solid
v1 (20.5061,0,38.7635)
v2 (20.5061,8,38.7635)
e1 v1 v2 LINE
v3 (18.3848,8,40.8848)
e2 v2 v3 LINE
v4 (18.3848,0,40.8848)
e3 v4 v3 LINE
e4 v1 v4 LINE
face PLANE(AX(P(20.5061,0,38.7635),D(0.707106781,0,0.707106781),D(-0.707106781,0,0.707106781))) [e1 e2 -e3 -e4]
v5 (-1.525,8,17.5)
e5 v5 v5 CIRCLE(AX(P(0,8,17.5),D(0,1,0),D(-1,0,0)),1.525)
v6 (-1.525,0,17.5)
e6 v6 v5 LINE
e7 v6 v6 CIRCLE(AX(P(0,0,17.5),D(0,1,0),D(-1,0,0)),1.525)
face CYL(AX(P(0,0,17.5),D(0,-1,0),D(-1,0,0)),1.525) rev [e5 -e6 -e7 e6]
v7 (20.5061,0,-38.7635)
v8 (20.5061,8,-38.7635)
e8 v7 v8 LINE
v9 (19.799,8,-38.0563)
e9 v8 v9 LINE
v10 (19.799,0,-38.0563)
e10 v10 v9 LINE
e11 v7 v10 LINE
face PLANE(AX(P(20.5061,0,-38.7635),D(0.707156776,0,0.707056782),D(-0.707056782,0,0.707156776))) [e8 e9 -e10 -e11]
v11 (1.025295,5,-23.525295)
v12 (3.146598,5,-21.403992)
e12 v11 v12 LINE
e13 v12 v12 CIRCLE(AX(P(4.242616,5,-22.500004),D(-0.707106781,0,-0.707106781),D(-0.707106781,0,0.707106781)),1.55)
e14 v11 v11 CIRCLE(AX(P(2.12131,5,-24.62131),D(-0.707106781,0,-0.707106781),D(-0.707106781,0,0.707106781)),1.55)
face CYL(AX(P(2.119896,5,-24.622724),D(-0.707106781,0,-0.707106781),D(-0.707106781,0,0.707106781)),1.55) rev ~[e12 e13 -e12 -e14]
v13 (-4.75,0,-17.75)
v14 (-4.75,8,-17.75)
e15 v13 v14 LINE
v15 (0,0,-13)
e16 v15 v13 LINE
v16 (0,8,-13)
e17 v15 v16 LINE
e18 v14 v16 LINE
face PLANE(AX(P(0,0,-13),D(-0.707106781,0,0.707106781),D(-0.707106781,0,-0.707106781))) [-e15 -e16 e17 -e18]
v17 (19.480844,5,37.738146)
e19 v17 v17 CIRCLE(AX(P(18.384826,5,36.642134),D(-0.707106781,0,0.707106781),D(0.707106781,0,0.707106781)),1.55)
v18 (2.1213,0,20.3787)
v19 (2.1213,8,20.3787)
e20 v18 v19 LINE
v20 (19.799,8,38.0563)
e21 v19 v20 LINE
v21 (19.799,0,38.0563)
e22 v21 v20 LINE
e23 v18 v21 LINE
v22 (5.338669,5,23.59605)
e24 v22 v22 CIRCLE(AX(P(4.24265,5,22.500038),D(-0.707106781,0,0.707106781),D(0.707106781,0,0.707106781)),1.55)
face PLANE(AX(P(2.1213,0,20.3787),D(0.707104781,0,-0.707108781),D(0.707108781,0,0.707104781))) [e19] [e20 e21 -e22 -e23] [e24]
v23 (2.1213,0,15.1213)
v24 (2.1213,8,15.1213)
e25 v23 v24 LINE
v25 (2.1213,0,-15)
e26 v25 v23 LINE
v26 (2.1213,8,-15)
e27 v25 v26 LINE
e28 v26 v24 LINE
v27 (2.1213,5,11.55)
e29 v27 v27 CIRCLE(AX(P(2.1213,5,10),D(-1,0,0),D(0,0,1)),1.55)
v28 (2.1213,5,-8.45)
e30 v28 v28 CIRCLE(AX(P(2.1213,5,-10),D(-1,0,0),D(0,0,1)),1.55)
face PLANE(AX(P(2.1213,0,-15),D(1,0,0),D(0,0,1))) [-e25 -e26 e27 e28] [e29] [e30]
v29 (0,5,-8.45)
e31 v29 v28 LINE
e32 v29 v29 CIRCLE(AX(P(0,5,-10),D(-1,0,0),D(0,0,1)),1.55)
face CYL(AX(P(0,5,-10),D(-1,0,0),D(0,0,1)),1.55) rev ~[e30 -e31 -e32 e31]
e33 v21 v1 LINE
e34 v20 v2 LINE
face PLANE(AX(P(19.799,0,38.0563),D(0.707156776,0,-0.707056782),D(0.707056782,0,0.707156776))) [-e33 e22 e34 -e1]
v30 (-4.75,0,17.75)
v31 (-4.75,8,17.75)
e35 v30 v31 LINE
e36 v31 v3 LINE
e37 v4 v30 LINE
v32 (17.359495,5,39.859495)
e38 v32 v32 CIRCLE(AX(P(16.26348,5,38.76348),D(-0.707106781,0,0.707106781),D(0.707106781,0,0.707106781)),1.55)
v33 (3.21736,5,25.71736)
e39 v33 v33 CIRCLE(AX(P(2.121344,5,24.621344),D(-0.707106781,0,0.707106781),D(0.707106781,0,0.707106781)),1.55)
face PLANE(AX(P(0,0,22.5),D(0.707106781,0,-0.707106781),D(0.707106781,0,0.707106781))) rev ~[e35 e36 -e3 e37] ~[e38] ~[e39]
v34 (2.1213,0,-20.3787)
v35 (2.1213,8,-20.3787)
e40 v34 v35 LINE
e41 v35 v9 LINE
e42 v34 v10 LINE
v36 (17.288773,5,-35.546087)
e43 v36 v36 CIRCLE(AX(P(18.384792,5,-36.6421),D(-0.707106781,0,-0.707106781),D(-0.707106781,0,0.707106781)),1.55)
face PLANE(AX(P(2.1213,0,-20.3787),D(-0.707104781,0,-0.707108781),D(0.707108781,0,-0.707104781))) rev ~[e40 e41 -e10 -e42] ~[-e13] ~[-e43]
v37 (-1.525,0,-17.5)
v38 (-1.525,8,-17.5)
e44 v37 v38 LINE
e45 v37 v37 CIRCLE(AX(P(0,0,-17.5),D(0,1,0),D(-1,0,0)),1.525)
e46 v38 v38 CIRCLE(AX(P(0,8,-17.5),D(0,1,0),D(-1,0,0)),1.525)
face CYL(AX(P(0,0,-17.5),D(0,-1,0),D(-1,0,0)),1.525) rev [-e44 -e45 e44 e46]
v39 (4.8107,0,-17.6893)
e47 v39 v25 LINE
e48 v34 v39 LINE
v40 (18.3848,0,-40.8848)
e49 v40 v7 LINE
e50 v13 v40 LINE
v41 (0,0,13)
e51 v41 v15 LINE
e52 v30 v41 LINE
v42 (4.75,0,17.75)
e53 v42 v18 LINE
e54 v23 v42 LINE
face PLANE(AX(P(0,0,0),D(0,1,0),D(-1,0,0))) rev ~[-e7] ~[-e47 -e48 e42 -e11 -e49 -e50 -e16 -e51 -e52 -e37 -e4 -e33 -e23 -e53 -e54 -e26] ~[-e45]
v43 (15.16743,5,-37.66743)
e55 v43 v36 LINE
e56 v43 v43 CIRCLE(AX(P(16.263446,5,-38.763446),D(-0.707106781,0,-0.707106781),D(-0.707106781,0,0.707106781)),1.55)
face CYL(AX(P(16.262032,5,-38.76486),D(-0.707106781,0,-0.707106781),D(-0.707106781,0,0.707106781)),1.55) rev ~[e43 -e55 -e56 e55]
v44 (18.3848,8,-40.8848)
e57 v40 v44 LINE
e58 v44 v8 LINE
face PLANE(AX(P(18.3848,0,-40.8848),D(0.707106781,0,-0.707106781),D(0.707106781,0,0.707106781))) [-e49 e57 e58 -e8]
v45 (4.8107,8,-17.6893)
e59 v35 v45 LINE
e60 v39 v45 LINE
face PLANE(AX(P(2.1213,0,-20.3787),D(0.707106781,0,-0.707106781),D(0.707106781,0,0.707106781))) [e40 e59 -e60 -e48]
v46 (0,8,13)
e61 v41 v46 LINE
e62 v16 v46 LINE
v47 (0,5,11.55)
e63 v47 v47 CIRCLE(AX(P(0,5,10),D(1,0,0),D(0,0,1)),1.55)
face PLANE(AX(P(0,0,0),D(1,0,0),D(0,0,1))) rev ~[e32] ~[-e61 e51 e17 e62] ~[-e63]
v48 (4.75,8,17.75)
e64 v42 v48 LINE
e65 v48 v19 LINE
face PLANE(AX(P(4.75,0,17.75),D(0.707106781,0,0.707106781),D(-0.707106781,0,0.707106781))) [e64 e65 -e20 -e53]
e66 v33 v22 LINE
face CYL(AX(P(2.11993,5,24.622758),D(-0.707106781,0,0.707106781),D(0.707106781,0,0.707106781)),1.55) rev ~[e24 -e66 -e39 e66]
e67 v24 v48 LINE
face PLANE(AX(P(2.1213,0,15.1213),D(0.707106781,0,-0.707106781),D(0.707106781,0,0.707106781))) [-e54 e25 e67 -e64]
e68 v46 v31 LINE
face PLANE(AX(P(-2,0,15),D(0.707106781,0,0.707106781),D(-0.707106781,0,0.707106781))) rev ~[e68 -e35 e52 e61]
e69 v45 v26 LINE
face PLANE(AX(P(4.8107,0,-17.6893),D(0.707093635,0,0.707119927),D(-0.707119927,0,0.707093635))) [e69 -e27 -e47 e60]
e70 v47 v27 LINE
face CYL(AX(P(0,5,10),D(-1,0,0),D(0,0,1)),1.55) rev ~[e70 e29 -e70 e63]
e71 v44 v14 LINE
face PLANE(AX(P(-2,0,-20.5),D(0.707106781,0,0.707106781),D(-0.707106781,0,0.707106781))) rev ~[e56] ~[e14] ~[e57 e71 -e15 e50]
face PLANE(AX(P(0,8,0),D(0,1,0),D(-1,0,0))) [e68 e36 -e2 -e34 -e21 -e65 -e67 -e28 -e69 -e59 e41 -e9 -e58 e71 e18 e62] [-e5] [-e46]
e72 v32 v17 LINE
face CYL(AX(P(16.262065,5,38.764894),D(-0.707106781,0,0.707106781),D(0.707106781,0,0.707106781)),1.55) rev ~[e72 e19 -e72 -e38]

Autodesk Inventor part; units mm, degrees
ref_plane "YZ Plane" through (0, 0, 0) normal (1, 0, 0) x (0, 1, 0)
ref_plane "XZ Plane" through (0, 0, 0) normal (0, 1, 0) x (-1, 0, 0)
ref_plane "XY Plane" through (0, 0, 0) normal (0, 0, 1) x (1, 0, 0)
sketch "Sketch1" plane through (0, 0, 0) normal (0, 1, 0) x (-1, 0, 0)
  line L0 (0, 22.5) -> (-17.6777, 40.1777)
  line L1 (0, -22.5) -> (-17.6777, -40.1777)
  line L2 (0, 0) -> (0, 13)
  line L3 (0, 13) -> (0, -13)
  line L4 (-17.6777, 40.1777) -> (-19.799, 38.0563)
  line L5 (0, 22.5) -> (-2.1213, 20.3787)
  line L6 (-2.1213, 20.3787) -> (-19.799, 38.0563)
  line L7 (-2.1213, -20.3787) -> (-19.799, -38.0563)
  line L8 (-19.799, -38.0563) -> (-17.6777, -40.1777)
  line L9 (-2.1213, -20.3787) -> (0, -22.5)
  circle A0 centre (0, -17.5) radius 1.525
  circle A1 centre (0, 17.5) radius 1.525
  line L10 (0, -22.5) -> (2, -20.5)
  line L11 (0, -13) -> (2, -15)
  line L12 (0, 22.5) -> (2, 20.5)
  line L13 (0, 13) -> (2, 15)
  line L14 (0, -22.5) -> (-18.3848, -40.8848)
  line L15 (-18.3848, -40.8848) -> (-20.5061, -38.7635)
  line L16 (-20.5061, -38.7635) -> (-19.799, -38.0563)
  line L17 (-19.799, 38.0563) -> (-20.5061, 38.7635)
  line L18 (-20.5061, 38.7635) -> (-18.3848, 40.8848)
  line L19 (-18.3848, 40.8848) -> (-17.6777, 40.1777)
  line L20 (0, -13) -> (-2.1213, -15)
  line L21 (-2.1213, -20.3787) -> (-4.8107, -17.6893)
  line L22 (-2.1213, -20.3787) -> (1.682, -20.3787) construction
  line L23 (-4.8107, -17.6893) -> (-2.1213, -15)
  line L24 (2, -20.5) -> (4.75, -17.75)
  line L25 (4.75, -17.75) -> (2, -15)
  line L26 (0, 13) -> (-2.1213, 15.1213)
  line L27 (-2.1213, 15.1213) -> (-4.75, 17.75)
  line L28 (-4.75, 17.75) -> (-2.1213, 20.3787)
  line L29 (2, 15) -> (4.75, 17.75)
  line L30 (4.75, 17.75) -> (2, 20.5)
  line L31 (-2.1213, -15) -> (-2.1213, 15.1213)
  dimension "d3" = 25
  dimension "d6" = 25
  dimension "d8" = 13
  dimension "d9" = 26
  dimension "d10" = 3
  dimension "d12" = 3.05
  dimension "d13" = 3.05
  dimension "d16" = 26
  dimension "d17" = 135
extrude "Extrusion2" add sketch "Sketch1" along normal blind 8
sketch "Sketch3" plane through (0, 0, -13) normal (-1, 0, 0) x (0, 0, 1)
  point P0 (13, 0)
sketch "Sketch4" plane through (0, 0, -13) normal (-1, 0, 0) x (0, 0, 1)
  line L0 (13, 0) -> (13, 5)
  line L1 (13, 5) -> (3, 5)
  line L2 (3, 5) -> (23, 5)
  circle A0 centre (3, 5) radius 1.55
  circle A1 centre (23, 5) radius 1.55
  dimension "d20" = 5
  dimension "d21" = 10
  dimension "d22" = 20
  dimension "d23" = 3.1
  dimension "d24" = 3.1
extrude "Extrusion3" cut sketch "Sketch4" against normal blind 8
sketch "Sketch5" plane through (-4.75, 0, -17.75) normal (-0.7071, 0, -0.7071) x (-0.7071, 0, 0.7071)
  line L0 (-6.7175, 0) -> (-32.7175, 0) projected
  line L1 (-32.7175, 0) -> (-6.7175, 0)
  line L2 (-19.7175, 0) -> (-19.7175, 5)
  line L3 (-19.7175, 5) -> (-29.7175, 5)
  line L4 (-29.7175, 5) -> (-9.7175, 5)
  circle A0 centre (-29.7175, 5) radius 1.55
  circle A1 centre (-9.7175, 5) radius 1.55
  point P0 (9.1924, 0)
  dimension "d27" = 5
  dimension "d28" = 10
  dimension "d29" = 20
  dimension "d30" = 3.1
  dimension "d31" = 3.1
extrude "Extrusion4" cut sketch "Sketch5" against normal blind 8
sketch "Sketch6" plane through (18.3848, 0, 40.8848) normal (-0.7071, 0, 0.7071) x (0.7071, 0, 0.7071)
  line L0 (-32.7175, 0) -> (0, 0) projected
  line L1 (0, 0) -> (-26, 0)
  line L2 (0, 0) -> (-13, 0)
  line L3 (-13, 0) -> (-13, 5)
  line L4 (-13, 5) -> (-23, 5)
  line L5 (-23, 5) -> (-3, 5)
  circle A0 centre (-23, 5) radius 1.55
  circle A1 centre (-3, 5) radius 1.55
  point P0 (-41.9099, 0)
  dimension "d34" = 26
  dimension "d35" = 13
  dimension "d36" = 5
  dimension "d37" = 10
  dimension "d38" = 20
  dimension "d39" = 3.1
  dimension "d40" = 3.1
extrude "Extrusion5" cut sketch "Sketch6" against normal blind 8
properties part number "distanceSensorMount"
